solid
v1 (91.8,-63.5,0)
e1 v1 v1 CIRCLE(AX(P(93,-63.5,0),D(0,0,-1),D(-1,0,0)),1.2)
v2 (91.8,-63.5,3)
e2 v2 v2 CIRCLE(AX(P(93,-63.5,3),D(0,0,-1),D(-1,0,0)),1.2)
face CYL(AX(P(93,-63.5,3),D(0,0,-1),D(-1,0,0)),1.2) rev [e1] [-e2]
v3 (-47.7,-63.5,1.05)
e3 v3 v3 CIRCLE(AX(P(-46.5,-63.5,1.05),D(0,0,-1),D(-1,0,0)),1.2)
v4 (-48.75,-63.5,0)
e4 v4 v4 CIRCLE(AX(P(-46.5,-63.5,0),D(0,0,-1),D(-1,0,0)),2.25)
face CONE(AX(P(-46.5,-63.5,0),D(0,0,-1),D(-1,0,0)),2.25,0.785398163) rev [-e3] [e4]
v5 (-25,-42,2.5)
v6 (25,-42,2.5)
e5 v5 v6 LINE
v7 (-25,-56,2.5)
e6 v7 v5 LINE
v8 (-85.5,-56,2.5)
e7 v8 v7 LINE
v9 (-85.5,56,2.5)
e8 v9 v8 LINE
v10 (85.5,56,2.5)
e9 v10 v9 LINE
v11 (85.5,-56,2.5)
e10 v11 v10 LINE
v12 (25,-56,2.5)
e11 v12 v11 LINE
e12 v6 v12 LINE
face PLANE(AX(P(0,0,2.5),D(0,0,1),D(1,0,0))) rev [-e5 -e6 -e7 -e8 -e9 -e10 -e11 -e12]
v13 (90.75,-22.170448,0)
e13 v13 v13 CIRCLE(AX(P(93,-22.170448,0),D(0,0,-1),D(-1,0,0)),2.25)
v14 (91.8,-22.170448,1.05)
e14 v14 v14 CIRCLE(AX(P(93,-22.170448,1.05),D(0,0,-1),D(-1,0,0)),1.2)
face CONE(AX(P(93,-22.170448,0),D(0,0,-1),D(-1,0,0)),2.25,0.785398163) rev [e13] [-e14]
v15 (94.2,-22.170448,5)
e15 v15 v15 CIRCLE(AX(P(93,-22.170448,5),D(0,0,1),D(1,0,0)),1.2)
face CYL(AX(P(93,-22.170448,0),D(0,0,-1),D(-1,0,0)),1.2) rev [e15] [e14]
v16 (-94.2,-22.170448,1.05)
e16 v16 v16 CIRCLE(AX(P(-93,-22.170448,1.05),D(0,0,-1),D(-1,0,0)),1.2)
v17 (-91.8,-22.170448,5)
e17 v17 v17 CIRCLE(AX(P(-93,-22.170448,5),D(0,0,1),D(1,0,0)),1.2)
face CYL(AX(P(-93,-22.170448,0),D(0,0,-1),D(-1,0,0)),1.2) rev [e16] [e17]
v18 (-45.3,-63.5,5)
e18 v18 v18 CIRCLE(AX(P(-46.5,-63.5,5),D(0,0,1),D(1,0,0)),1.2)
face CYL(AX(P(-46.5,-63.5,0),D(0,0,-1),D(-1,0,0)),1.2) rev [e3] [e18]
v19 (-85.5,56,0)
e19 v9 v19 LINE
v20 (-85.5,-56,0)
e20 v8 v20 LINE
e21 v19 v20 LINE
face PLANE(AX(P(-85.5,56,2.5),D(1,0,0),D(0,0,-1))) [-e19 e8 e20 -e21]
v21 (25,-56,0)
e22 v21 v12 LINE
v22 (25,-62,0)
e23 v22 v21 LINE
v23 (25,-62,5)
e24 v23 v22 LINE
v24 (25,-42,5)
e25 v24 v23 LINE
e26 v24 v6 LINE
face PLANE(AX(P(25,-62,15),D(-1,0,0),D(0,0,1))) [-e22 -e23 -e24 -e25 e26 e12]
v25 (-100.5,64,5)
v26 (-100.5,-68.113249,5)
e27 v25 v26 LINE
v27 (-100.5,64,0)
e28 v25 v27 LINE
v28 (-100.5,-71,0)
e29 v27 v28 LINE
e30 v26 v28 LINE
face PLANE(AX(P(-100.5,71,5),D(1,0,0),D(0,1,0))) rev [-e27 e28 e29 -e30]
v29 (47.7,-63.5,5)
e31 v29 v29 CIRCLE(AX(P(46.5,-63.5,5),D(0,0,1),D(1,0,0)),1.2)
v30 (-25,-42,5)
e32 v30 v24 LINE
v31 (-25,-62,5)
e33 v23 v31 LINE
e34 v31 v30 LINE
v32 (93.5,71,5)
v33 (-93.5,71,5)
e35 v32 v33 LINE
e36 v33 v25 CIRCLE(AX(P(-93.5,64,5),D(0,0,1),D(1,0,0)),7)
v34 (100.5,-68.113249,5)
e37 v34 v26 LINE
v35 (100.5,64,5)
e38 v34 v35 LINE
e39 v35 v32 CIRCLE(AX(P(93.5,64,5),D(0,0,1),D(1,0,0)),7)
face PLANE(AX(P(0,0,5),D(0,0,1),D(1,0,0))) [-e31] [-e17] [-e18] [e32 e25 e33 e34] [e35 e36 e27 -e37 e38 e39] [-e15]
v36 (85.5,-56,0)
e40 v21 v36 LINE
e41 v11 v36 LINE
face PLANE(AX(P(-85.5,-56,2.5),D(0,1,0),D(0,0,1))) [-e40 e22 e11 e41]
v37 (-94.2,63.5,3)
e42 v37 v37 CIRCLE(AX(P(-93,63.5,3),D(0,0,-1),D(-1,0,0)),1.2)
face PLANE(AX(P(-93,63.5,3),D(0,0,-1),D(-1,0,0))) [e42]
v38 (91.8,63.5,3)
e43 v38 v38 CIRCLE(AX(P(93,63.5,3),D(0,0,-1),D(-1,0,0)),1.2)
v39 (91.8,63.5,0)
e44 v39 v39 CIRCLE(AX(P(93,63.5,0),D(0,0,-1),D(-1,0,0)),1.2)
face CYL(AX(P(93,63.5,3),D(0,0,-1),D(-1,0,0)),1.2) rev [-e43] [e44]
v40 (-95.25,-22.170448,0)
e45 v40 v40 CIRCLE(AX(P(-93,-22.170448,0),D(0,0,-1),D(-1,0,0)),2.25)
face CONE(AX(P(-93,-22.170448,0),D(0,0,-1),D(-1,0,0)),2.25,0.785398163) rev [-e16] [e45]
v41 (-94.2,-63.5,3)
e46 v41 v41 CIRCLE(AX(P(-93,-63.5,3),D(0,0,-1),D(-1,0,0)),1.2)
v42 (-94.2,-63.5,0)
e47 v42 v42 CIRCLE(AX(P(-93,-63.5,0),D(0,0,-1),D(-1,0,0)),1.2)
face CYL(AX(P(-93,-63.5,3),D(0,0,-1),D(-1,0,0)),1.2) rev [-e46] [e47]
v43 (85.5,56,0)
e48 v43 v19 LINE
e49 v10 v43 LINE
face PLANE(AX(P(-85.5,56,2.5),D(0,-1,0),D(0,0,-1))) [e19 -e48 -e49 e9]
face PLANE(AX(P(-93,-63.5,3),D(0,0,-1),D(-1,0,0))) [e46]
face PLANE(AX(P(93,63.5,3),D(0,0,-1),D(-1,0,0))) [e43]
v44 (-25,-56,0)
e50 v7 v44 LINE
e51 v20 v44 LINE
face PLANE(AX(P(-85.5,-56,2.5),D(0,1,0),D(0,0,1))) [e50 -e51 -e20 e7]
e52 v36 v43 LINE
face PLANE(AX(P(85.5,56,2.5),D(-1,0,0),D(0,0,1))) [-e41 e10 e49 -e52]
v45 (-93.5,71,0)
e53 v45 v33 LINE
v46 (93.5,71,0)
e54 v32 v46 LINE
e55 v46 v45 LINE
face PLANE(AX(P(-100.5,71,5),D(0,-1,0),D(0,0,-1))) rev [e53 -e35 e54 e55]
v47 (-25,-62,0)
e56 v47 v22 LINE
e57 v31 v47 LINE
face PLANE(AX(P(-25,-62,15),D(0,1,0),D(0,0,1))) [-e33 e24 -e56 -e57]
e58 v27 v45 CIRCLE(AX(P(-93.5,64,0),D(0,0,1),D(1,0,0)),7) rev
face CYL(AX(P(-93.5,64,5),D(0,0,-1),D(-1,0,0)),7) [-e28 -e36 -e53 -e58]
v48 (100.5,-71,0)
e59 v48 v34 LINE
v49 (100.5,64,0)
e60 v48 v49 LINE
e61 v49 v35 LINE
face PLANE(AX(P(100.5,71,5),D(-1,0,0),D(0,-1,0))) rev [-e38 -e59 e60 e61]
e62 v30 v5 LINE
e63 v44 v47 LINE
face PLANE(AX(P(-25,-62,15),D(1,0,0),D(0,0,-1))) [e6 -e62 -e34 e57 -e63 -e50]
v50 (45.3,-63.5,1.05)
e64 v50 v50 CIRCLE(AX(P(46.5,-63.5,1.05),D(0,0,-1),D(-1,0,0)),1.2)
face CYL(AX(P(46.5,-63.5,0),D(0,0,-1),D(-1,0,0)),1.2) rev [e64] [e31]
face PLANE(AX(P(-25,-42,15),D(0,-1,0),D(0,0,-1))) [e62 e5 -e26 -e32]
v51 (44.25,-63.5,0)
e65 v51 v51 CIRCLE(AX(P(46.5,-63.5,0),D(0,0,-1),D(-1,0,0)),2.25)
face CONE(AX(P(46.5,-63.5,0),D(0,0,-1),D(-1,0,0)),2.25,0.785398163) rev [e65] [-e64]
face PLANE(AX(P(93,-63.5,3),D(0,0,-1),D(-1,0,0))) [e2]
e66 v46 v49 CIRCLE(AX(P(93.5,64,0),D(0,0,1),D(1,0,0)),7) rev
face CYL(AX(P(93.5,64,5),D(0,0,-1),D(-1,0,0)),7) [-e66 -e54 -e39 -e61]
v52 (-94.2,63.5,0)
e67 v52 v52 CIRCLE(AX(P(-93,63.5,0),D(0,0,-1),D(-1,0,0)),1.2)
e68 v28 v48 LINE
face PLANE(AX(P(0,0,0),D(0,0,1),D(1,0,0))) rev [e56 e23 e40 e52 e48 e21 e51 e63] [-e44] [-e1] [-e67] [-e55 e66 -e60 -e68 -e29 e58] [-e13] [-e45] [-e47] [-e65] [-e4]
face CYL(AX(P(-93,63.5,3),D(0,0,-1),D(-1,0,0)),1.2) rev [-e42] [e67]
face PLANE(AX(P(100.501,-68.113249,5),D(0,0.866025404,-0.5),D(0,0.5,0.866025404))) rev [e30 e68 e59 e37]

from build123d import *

# Parameters (mm, degrees)
SKETCH_3_W                = 201
SKETCH_3_H                = 142
EXTRUDE_2_DEPTH           = 5
SKETCH_4_W                = 171
SKETCH_4_H                = 112
CUT_EXTRUDE_1_DEPTH       = 2.5
SKETCH_5_W                = 50
SKETCH_5_H                = 20
CUT_EXTRUDE_6_DEPTH       = 15
SKETCH_6_R                = 1.2
CUT_EXTRUDE_7_DEPTH       = 3
CUT_EXTRUDE_8_REACH       = 215.23
HOLE_WIZARD_1_D           = 2.4
HOLE_WIZARD_1_CSINK_D     = 4.5
HOLE_WIZARD_1_CSINK_ANGLE = 90
FILLET_1_R                = 7


with BuildPart() as part:
    # 草图3 → 凸台-拉伸2 (new body)
    with BuildSketch(Plane.XY):
        Rectangle(SKETCH_3_W, SKETCH_3_H)
    extrude(amount=EXTRUDE_2_DEPTH)

    # 草图4 → 切除-拉伸1 (cut)
    with BuildSketch(Plane.XY):
        Rectangle(SKETCH_4_W, SKETCH_4_H)
    extrude(amount=CUT_EXTRUDE_1_DEPTH, mode=Mode.SUBTRACT)

    # 草图5 → 切除-拉伸6 (cut)
    with BuildSketch(Plane.XY):
        with Locations((0, -52)):
            Rectangle(SKETCH_5_W, SKETCH_5_H)
    extrude(amount=CUT_EXTRUDE_6_DEPTH, mode=Mode.SUBTRACT)

    # 草图6 → 切除-拉伸7 (cut)
    with BuildSketch(Plane(origin=(0, 0, 0), x_dir=(-1, 0, 0), z_dir=(0, 0, -1))):
        with Locations((-93, 63.5)):
            Circle(SKETCH_6_R)
        with Locations((93, 63.5)):
            Circle(SKETCH_6_R)
        with Locations((93, -63.5)):
            Circle(SKETCH_6_R)
        with Locations((-93, -63.5)):
            Circle(SKETCH_6_R)
    extrude(amount=-CUT_EXTRUDE_7_DEPTH, mode=Mode.SUBTRACT)

    # 草图9 → 切除-拉伸8 (cut, up to next)
    with BuildSketch(Plane.ZY.offset(100.5), mode=Mode.PRIVATE) as cut_extrude_8_sk1:
        Polygon((0, -71), (5, -71), (5, -68.113248654), align=None)
    cut_extrude_8_tool1 = extrude(cut_extrude_8_sk1.sketch, amount=-CUT_EXTRUDE_8_REACH, mode=Mode.PRIVATE) & part.part
    add(cut_extrude_8_tool1.solids().sort_by_distance((-100.5, -70.03775, 3.333333))[0], mode=Mode.SUBTRACT)

    # 打孔尺寸(%根据十字)槽沉头自攻螺钉的类型1 (through all)
    with Locations(Plane(origin=(0, 0, 0), x_dir=(-1, 0, 0), z_dir=(0, 0, -1))):
        with Locations((-93, -22.170448124), (-46.5, -63.5), (46.5, -63.5), (93, -22.170448124)):
            CounterSinkHole(HOLE_WIZARD_1_D / 2, HOLE_WIZARD_1_CSINK_D / 2, counter_sink_angle=HOLE_WIZARD_1_CSINK_ANGLE)

    # 圆角1
    fillet_1_edges = [part.edges().sort_by_distance(p)[0] for p in [
        (-100.5, 71, 2.5),
        (100.5, 71, 2.5),
    ]]
    fillet(fillet_1_edges, radius=FILLET_1_R)


solid = part.part
